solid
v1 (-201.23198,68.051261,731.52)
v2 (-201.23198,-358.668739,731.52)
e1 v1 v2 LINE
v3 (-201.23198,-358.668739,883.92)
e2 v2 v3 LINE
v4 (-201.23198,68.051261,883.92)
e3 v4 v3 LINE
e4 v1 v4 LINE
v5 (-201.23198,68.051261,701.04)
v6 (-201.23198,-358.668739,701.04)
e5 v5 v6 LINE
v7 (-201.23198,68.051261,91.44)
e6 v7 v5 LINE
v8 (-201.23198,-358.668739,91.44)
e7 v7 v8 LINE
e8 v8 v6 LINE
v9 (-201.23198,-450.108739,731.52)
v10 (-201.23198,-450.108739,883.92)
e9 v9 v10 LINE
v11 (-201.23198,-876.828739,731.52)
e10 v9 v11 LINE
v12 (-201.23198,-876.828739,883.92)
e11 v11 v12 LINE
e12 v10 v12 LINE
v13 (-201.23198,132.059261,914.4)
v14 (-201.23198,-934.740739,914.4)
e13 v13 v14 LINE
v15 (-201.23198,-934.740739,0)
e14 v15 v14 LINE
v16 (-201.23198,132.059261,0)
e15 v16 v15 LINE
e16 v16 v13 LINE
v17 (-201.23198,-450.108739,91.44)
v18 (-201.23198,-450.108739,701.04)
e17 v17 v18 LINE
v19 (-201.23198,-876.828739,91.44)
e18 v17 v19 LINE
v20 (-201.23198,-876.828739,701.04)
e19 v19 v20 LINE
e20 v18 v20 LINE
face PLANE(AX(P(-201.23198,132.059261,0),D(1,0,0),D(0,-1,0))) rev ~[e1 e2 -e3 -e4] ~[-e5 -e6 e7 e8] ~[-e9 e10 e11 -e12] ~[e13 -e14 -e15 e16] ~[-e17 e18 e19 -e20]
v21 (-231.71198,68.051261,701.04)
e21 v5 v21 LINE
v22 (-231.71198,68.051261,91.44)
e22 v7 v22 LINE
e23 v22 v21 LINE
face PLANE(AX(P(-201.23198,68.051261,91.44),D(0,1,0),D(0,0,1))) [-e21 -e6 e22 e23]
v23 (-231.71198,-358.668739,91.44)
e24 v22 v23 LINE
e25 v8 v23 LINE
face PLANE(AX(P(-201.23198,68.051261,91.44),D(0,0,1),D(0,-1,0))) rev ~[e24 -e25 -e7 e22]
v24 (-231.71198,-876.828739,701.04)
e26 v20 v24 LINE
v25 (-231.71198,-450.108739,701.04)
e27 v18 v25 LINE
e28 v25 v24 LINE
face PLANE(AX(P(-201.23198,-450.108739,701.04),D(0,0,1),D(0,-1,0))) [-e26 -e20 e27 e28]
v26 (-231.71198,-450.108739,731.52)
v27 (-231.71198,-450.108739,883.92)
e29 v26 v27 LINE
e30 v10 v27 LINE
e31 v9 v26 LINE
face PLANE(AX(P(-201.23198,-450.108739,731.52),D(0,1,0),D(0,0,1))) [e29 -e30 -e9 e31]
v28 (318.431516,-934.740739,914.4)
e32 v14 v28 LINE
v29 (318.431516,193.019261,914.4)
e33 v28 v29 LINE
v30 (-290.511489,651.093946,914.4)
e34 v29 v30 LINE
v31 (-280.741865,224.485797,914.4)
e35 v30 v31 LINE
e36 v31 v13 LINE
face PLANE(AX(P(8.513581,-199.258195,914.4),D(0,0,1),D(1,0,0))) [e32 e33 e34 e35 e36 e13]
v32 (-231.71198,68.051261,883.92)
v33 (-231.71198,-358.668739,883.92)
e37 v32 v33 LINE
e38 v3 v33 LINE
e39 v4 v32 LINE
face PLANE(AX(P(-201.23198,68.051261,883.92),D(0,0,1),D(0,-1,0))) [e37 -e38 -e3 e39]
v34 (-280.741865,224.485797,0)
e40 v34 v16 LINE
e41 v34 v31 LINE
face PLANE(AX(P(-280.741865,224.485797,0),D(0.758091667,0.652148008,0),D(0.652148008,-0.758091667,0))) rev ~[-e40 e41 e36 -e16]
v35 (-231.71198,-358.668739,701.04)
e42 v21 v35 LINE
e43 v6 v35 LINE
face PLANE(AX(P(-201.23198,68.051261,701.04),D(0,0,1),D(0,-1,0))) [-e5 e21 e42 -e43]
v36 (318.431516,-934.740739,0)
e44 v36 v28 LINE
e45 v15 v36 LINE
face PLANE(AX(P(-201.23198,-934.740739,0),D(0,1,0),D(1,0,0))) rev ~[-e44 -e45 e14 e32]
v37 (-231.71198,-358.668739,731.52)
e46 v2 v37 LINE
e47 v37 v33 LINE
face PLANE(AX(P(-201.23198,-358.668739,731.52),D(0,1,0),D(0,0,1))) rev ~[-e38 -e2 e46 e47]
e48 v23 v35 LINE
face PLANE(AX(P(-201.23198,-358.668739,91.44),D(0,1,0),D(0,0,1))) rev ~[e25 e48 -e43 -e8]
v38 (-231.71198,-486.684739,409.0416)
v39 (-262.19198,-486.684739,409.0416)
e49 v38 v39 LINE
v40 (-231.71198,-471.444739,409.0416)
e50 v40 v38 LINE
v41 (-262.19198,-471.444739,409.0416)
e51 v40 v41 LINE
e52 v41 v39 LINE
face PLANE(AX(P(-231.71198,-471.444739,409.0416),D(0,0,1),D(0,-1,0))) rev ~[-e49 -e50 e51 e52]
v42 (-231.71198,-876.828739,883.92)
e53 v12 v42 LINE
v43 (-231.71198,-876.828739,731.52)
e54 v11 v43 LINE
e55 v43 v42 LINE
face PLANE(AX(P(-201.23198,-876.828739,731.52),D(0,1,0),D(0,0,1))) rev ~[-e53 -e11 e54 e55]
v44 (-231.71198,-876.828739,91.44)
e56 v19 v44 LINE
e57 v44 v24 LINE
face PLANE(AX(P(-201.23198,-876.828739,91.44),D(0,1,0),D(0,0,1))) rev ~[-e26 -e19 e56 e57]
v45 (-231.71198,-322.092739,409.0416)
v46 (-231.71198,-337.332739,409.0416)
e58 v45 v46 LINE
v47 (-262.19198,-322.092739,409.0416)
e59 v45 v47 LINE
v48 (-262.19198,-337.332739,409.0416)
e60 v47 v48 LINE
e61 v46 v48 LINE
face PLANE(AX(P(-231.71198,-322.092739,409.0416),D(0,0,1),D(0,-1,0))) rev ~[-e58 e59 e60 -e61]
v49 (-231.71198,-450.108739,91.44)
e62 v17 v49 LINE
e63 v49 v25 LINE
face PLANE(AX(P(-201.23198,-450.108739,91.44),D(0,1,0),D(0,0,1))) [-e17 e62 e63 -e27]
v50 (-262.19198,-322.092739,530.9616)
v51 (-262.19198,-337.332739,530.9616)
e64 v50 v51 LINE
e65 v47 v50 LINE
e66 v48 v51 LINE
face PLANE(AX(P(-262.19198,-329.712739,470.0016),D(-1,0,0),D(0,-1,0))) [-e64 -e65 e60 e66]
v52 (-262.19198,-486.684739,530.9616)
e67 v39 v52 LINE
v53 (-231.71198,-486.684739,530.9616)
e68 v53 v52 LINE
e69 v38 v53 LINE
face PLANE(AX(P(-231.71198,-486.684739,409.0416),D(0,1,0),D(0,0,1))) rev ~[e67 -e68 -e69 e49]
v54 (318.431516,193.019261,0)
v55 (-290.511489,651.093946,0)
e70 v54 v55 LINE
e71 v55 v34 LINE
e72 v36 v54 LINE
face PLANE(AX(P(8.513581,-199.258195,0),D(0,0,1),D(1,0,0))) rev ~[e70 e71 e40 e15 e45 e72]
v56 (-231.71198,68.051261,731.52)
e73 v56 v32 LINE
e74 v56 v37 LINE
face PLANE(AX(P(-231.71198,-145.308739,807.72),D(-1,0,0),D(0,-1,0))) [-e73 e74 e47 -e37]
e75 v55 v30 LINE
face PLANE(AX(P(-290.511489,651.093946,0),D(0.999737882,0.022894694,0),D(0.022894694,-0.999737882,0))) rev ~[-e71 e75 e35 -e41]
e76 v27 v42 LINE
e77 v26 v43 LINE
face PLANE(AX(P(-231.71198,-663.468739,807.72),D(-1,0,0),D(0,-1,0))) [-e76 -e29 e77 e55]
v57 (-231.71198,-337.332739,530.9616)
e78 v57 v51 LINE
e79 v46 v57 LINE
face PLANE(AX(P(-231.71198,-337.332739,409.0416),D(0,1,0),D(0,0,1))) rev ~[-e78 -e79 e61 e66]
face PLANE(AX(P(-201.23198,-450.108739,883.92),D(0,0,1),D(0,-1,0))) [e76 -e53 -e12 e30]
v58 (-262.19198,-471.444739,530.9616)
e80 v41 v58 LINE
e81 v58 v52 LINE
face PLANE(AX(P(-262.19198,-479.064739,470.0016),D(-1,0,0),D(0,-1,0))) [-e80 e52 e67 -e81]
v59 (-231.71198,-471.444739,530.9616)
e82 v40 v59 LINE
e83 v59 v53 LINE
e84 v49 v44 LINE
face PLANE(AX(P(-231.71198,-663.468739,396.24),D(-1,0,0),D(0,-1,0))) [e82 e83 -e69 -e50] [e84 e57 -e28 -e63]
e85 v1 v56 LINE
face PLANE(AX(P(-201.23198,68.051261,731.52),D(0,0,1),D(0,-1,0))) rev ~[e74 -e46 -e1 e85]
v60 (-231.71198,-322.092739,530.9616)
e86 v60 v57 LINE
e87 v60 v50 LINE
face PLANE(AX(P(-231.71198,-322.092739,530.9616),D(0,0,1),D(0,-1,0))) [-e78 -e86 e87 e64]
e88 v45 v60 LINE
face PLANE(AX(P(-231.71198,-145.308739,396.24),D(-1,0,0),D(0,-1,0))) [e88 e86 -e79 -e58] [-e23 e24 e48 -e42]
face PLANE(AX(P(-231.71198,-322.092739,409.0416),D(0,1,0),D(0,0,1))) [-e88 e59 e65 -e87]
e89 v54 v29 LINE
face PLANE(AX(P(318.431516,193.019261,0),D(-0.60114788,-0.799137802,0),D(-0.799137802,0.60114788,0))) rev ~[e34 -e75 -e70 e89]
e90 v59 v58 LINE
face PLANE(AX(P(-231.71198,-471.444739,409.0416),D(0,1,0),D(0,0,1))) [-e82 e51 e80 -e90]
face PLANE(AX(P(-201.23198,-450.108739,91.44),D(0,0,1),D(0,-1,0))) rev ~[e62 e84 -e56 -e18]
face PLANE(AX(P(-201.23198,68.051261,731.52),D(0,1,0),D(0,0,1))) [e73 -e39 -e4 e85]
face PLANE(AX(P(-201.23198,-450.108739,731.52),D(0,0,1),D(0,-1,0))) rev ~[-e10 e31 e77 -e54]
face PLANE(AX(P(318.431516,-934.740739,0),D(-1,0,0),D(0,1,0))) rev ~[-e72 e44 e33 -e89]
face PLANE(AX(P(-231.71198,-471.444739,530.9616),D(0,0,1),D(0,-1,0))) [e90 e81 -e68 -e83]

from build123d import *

# Parameters (mm, degrees)
F1_DEPTH = 914.4
F2_W     = 426.72
F2_H     = 609.6
F2_H_2   = 152.4
F3_DEPTH = 30.48
F4_W     = 15.24
F4_H     = 121.92
F5_DEPTH = 30.48


with BuildPart() as f1:
    # F0 (on Top) → F1 (new body)
    with BuildSketch(Plane.XY):
        Polygon((318.431516, 193.019261), (-290.511489, 651.093946), (-280.741865, 224.485797), (-201.23198, 132.059261), (-201.23198, -934.740739), (318.431516, -934.740739), align=None)
    extrude(amount=F1_DEPTH)

    # F2 (on face) → F3 (join)
    with BuildSketch(Plane(origin=(-201.23198, 0, 0), x_dir=(0, -1, 0), z_dir=(-1, 0, 0))):
        with Locations((145.308739, 396.24)):
            Rectangle(F2_W, F2_H)
        with Locations((663.468739, 396.24)):
            Rectangle(F2_W, F2_H)
        with Locations((145.308739, 807.72)):
            Rectangle(F2_W, F2_H_2)
        with Locations((663.468739, 807.72)):
            Rectangle(F2_W, F2_H_2)
    extrude(amount=F3_DEPTH)

    # F4 (on face) → F5 (join)
    with BuildSketch(Plane(origin=(-231.71198, 0, 0), x_dir=(0, -1, 0), z_dir=(-1, 0, 0))):
        with Locations((329.712739, 470.0016)):
            Rectangle(F4_W, F4_H)
        with Locations((479.064739, 470.0016)):
            Rectangle(F4_W, F4_H)
    extrude(amount=F5_DEPTH)


solid = f1.part
